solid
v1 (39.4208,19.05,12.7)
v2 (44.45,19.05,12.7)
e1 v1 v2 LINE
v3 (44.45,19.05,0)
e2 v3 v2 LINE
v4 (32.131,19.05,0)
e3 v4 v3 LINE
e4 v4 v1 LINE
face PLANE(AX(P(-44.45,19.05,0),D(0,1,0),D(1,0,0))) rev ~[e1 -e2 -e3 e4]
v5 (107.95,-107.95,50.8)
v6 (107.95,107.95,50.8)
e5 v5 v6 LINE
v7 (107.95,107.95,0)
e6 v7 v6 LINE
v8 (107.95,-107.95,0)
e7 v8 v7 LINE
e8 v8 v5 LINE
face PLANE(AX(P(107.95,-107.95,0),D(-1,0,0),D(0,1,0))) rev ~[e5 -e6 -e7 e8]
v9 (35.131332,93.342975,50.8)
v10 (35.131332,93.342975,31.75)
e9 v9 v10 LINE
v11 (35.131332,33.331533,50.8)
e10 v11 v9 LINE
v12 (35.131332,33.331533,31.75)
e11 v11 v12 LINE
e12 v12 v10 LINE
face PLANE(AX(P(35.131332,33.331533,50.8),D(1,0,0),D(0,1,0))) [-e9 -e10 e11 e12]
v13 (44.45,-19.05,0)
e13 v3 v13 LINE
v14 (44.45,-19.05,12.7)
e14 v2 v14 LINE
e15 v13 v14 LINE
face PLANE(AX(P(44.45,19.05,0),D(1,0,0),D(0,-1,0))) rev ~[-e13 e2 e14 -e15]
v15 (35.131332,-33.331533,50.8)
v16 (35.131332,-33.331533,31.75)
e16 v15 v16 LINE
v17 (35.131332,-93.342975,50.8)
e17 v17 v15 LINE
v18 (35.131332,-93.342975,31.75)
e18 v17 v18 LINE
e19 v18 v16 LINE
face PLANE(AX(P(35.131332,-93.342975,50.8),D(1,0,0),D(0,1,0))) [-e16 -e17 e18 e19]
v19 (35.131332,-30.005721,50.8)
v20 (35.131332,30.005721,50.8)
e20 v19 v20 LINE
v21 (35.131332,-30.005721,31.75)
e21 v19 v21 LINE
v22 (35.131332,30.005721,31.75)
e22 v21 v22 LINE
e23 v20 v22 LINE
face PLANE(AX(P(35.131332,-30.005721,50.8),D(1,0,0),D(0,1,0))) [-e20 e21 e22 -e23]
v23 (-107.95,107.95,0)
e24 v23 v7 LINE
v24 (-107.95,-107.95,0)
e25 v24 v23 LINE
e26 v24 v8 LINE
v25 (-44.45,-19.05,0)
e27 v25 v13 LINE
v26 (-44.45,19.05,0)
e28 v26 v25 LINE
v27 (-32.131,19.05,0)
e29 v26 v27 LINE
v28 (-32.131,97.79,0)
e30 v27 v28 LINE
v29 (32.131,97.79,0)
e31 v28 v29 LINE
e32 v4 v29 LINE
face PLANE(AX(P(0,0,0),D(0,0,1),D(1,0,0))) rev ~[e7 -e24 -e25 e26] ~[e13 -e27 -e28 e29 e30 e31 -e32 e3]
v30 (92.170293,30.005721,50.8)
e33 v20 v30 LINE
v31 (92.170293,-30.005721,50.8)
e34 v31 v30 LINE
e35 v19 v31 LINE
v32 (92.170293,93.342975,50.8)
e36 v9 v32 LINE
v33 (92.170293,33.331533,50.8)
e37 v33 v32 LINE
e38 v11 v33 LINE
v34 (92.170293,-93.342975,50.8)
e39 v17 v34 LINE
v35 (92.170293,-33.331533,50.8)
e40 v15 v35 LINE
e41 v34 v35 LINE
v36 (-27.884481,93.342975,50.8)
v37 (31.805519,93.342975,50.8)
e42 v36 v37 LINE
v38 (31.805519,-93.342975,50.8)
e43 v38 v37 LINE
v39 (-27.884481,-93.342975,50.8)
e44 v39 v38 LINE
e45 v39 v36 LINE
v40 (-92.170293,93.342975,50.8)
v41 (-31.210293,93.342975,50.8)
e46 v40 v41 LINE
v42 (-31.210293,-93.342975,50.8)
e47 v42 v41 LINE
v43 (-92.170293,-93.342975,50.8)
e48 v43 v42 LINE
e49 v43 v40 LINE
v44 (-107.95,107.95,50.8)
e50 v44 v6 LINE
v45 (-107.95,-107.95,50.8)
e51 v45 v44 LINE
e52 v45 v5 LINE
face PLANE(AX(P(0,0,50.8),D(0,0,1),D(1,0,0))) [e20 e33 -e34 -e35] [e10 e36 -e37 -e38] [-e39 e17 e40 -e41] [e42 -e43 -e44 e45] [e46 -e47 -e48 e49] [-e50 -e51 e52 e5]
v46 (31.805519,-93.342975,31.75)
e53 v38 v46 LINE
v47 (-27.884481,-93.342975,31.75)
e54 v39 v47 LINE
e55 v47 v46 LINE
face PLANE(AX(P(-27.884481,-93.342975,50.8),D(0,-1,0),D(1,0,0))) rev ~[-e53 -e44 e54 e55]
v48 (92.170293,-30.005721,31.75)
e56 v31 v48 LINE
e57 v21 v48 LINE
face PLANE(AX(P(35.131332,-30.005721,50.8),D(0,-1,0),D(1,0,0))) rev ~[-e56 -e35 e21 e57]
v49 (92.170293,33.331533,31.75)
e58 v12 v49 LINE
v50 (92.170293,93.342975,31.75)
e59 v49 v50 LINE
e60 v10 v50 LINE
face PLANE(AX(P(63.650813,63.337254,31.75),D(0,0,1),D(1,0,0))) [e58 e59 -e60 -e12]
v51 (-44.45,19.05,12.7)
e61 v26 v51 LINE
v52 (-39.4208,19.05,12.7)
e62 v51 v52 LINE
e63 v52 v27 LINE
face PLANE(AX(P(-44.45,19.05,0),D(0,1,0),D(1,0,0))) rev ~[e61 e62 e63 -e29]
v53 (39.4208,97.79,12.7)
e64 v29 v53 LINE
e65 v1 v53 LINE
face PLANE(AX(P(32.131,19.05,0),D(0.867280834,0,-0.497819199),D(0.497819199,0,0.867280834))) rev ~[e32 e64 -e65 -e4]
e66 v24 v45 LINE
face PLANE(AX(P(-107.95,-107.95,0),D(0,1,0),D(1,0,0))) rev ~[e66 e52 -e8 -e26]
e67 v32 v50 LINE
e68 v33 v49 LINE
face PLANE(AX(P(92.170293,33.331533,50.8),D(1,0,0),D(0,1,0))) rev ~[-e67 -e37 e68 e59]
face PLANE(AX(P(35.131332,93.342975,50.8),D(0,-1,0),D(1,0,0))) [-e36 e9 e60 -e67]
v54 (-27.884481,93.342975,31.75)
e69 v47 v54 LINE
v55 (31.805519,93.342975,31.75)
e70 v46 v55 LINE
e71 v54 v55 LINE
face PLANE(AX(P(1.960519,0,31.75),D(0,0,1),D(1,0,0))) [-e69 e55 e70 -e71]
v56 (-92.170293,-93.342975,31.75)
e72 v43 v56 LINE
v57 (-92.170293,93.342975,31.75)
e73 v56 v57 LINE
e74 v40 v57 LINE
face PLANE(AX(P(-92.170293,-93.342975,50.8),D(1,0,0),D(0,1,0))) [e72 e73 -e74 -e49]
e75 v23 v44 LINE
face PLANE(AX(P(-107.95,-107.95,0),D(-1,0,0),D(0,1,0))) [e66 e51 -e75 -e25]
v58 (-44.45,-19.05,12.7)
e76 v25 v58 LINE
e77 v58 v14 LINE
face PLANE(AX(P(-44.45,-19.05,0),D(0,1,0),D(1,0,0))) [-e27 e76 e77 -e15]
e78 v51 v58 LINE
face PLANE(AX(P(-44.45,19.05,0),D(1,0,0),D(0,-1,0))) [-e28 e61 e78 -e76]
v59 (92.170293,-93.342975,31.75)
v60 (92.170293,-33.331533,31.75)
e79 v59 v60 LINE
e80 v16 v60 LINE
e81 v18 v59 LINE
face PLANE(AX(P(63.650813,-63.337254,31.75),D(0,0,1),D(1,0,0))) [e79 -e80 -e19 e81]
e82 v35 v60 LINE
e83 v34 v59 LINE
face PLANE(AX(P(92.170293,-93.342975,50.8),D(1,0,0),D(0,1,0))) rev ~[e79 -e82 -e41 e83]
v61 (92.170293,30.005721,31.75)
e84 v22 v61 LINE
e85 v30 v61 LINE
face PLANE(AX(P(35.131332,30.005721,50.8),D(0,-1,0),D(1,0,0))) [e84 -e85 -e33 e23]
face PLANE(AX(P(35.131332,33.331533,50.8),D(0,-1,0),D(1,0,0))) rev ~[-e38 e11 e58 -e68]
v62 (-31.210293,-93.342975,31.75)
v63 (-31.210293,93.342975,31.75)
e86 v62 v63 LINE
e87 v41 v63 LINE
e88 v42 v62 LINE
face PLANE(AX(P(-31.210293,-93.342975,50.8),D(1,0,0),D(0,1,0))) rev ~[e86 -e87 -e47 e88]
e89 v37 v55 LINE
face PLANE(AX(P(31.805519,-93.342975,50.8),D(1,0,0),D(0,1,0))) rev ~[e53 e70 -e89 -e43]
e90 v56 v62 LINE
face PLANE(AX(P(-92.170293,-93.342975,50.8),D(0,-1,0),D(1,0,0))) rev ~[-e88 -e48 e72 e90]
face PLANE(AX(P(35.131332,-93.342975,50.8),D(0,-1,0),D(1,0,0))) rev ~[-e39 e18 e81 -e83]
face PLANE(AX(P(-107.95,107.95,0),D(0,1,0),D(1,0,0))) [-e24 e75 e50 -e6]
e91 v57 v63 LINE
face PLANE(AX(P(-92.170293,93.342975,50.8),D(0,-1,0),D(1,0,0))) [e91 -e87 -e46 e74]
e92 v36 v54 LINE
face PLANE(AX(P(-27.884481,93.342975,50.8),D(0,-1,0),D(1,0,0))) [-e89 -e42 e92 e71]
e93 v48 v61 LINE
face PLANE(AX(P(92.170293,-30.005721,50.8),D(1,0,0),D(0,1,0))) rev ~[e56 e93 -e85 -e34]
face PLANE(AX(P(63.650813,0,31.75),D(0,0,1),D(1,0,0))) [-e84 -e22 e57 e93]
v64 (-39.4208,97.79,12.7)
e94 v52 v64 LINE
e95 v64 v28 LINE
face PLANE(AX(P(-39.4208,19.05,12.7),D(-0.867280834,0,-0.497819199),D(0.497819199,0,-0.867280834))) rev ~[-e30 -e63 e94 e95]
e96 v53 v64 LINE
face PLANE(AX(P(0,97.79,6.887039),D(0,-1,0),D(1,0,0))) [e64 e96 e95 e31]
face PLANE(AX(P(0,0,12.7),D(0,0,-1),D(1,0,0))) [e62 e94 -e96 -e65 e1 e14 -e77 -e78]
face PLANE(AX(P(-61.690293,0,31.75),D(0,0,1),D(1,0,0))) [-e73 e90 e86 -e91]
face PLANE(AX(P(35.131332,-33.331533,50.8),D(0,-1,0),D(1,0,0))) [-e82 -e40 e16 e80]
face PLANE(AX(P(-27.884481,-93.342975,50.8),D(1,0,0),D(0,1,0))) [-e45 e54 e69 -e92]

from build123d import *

# Parameters (mm, degrees)
F0_W     = 215.9
F0_H     = 215.9
F1_DEPTH = 50.8
F2_W     = 60.96
F2_H     = 186.68595
F2_W_2   = 59.69
F2_W_3   = 57.038961
F2_H_2   = 60.011442
F3_DEPTH = 19.05
F4_W     = 88.9
F4_H     = 38.1
F5_DEPTH = 12.7
F7_DEPTH = 78.74


with BuildPart() as f1:
    # F0 (on Top) → F1 (new body)
    with BuildSketch(Plane.XY):
        Rectangle(F0_W, F0_H)
    extrude(amount=F1_DEPTH)

    # F2 (on face) → F3 (cut)
    with BuildSketch(Plane.XY.offset(50.8)):
        with Locations((-61.690293, 0)):
            Rectangle(F2_W, F2_H)
        with Locations((1.960519, 0)):
            Rectangle(F2_W_2, F2_H)
        with Locations((63.650813, 63.337254)):
            Rectangle(F2_W_3, F2_H_2)
        with Locations((63.650813, 0)):
            Rectangle(F2_W_3, F2_H_2)
        with Locations((63.650813, -63.337254)):
            Rectangle(F2_W_3, F2_H_2)
    extrude(amount=-F3_DEPTH, mode=Mode.SUBTRACT)

    # F4 (on face) → F5 (cut)
    with BuildSketch(Plane(origin=(0, 0, 0), x_dir=(1, 0, 0), z_dir=(0, 0, -1))):
        Rectangle(F4_W, F4_H)
    extrude(amount=-F5_DEPTH, mode=Mode.SUBTRACT)

    # F6 (on face) → F7 (cut)
    with BuildSketch(Plane.XZ.offset(-19.05)):
        Polygon((-32.131, 0), (0, 0), (32.131, 0), (39.4208, 12.7), (-39.4208, 12.7), align=None)
    extrude(amount=-F7_DEPTH, mode=Mode.SUBTRACT)


solid = f1.part
